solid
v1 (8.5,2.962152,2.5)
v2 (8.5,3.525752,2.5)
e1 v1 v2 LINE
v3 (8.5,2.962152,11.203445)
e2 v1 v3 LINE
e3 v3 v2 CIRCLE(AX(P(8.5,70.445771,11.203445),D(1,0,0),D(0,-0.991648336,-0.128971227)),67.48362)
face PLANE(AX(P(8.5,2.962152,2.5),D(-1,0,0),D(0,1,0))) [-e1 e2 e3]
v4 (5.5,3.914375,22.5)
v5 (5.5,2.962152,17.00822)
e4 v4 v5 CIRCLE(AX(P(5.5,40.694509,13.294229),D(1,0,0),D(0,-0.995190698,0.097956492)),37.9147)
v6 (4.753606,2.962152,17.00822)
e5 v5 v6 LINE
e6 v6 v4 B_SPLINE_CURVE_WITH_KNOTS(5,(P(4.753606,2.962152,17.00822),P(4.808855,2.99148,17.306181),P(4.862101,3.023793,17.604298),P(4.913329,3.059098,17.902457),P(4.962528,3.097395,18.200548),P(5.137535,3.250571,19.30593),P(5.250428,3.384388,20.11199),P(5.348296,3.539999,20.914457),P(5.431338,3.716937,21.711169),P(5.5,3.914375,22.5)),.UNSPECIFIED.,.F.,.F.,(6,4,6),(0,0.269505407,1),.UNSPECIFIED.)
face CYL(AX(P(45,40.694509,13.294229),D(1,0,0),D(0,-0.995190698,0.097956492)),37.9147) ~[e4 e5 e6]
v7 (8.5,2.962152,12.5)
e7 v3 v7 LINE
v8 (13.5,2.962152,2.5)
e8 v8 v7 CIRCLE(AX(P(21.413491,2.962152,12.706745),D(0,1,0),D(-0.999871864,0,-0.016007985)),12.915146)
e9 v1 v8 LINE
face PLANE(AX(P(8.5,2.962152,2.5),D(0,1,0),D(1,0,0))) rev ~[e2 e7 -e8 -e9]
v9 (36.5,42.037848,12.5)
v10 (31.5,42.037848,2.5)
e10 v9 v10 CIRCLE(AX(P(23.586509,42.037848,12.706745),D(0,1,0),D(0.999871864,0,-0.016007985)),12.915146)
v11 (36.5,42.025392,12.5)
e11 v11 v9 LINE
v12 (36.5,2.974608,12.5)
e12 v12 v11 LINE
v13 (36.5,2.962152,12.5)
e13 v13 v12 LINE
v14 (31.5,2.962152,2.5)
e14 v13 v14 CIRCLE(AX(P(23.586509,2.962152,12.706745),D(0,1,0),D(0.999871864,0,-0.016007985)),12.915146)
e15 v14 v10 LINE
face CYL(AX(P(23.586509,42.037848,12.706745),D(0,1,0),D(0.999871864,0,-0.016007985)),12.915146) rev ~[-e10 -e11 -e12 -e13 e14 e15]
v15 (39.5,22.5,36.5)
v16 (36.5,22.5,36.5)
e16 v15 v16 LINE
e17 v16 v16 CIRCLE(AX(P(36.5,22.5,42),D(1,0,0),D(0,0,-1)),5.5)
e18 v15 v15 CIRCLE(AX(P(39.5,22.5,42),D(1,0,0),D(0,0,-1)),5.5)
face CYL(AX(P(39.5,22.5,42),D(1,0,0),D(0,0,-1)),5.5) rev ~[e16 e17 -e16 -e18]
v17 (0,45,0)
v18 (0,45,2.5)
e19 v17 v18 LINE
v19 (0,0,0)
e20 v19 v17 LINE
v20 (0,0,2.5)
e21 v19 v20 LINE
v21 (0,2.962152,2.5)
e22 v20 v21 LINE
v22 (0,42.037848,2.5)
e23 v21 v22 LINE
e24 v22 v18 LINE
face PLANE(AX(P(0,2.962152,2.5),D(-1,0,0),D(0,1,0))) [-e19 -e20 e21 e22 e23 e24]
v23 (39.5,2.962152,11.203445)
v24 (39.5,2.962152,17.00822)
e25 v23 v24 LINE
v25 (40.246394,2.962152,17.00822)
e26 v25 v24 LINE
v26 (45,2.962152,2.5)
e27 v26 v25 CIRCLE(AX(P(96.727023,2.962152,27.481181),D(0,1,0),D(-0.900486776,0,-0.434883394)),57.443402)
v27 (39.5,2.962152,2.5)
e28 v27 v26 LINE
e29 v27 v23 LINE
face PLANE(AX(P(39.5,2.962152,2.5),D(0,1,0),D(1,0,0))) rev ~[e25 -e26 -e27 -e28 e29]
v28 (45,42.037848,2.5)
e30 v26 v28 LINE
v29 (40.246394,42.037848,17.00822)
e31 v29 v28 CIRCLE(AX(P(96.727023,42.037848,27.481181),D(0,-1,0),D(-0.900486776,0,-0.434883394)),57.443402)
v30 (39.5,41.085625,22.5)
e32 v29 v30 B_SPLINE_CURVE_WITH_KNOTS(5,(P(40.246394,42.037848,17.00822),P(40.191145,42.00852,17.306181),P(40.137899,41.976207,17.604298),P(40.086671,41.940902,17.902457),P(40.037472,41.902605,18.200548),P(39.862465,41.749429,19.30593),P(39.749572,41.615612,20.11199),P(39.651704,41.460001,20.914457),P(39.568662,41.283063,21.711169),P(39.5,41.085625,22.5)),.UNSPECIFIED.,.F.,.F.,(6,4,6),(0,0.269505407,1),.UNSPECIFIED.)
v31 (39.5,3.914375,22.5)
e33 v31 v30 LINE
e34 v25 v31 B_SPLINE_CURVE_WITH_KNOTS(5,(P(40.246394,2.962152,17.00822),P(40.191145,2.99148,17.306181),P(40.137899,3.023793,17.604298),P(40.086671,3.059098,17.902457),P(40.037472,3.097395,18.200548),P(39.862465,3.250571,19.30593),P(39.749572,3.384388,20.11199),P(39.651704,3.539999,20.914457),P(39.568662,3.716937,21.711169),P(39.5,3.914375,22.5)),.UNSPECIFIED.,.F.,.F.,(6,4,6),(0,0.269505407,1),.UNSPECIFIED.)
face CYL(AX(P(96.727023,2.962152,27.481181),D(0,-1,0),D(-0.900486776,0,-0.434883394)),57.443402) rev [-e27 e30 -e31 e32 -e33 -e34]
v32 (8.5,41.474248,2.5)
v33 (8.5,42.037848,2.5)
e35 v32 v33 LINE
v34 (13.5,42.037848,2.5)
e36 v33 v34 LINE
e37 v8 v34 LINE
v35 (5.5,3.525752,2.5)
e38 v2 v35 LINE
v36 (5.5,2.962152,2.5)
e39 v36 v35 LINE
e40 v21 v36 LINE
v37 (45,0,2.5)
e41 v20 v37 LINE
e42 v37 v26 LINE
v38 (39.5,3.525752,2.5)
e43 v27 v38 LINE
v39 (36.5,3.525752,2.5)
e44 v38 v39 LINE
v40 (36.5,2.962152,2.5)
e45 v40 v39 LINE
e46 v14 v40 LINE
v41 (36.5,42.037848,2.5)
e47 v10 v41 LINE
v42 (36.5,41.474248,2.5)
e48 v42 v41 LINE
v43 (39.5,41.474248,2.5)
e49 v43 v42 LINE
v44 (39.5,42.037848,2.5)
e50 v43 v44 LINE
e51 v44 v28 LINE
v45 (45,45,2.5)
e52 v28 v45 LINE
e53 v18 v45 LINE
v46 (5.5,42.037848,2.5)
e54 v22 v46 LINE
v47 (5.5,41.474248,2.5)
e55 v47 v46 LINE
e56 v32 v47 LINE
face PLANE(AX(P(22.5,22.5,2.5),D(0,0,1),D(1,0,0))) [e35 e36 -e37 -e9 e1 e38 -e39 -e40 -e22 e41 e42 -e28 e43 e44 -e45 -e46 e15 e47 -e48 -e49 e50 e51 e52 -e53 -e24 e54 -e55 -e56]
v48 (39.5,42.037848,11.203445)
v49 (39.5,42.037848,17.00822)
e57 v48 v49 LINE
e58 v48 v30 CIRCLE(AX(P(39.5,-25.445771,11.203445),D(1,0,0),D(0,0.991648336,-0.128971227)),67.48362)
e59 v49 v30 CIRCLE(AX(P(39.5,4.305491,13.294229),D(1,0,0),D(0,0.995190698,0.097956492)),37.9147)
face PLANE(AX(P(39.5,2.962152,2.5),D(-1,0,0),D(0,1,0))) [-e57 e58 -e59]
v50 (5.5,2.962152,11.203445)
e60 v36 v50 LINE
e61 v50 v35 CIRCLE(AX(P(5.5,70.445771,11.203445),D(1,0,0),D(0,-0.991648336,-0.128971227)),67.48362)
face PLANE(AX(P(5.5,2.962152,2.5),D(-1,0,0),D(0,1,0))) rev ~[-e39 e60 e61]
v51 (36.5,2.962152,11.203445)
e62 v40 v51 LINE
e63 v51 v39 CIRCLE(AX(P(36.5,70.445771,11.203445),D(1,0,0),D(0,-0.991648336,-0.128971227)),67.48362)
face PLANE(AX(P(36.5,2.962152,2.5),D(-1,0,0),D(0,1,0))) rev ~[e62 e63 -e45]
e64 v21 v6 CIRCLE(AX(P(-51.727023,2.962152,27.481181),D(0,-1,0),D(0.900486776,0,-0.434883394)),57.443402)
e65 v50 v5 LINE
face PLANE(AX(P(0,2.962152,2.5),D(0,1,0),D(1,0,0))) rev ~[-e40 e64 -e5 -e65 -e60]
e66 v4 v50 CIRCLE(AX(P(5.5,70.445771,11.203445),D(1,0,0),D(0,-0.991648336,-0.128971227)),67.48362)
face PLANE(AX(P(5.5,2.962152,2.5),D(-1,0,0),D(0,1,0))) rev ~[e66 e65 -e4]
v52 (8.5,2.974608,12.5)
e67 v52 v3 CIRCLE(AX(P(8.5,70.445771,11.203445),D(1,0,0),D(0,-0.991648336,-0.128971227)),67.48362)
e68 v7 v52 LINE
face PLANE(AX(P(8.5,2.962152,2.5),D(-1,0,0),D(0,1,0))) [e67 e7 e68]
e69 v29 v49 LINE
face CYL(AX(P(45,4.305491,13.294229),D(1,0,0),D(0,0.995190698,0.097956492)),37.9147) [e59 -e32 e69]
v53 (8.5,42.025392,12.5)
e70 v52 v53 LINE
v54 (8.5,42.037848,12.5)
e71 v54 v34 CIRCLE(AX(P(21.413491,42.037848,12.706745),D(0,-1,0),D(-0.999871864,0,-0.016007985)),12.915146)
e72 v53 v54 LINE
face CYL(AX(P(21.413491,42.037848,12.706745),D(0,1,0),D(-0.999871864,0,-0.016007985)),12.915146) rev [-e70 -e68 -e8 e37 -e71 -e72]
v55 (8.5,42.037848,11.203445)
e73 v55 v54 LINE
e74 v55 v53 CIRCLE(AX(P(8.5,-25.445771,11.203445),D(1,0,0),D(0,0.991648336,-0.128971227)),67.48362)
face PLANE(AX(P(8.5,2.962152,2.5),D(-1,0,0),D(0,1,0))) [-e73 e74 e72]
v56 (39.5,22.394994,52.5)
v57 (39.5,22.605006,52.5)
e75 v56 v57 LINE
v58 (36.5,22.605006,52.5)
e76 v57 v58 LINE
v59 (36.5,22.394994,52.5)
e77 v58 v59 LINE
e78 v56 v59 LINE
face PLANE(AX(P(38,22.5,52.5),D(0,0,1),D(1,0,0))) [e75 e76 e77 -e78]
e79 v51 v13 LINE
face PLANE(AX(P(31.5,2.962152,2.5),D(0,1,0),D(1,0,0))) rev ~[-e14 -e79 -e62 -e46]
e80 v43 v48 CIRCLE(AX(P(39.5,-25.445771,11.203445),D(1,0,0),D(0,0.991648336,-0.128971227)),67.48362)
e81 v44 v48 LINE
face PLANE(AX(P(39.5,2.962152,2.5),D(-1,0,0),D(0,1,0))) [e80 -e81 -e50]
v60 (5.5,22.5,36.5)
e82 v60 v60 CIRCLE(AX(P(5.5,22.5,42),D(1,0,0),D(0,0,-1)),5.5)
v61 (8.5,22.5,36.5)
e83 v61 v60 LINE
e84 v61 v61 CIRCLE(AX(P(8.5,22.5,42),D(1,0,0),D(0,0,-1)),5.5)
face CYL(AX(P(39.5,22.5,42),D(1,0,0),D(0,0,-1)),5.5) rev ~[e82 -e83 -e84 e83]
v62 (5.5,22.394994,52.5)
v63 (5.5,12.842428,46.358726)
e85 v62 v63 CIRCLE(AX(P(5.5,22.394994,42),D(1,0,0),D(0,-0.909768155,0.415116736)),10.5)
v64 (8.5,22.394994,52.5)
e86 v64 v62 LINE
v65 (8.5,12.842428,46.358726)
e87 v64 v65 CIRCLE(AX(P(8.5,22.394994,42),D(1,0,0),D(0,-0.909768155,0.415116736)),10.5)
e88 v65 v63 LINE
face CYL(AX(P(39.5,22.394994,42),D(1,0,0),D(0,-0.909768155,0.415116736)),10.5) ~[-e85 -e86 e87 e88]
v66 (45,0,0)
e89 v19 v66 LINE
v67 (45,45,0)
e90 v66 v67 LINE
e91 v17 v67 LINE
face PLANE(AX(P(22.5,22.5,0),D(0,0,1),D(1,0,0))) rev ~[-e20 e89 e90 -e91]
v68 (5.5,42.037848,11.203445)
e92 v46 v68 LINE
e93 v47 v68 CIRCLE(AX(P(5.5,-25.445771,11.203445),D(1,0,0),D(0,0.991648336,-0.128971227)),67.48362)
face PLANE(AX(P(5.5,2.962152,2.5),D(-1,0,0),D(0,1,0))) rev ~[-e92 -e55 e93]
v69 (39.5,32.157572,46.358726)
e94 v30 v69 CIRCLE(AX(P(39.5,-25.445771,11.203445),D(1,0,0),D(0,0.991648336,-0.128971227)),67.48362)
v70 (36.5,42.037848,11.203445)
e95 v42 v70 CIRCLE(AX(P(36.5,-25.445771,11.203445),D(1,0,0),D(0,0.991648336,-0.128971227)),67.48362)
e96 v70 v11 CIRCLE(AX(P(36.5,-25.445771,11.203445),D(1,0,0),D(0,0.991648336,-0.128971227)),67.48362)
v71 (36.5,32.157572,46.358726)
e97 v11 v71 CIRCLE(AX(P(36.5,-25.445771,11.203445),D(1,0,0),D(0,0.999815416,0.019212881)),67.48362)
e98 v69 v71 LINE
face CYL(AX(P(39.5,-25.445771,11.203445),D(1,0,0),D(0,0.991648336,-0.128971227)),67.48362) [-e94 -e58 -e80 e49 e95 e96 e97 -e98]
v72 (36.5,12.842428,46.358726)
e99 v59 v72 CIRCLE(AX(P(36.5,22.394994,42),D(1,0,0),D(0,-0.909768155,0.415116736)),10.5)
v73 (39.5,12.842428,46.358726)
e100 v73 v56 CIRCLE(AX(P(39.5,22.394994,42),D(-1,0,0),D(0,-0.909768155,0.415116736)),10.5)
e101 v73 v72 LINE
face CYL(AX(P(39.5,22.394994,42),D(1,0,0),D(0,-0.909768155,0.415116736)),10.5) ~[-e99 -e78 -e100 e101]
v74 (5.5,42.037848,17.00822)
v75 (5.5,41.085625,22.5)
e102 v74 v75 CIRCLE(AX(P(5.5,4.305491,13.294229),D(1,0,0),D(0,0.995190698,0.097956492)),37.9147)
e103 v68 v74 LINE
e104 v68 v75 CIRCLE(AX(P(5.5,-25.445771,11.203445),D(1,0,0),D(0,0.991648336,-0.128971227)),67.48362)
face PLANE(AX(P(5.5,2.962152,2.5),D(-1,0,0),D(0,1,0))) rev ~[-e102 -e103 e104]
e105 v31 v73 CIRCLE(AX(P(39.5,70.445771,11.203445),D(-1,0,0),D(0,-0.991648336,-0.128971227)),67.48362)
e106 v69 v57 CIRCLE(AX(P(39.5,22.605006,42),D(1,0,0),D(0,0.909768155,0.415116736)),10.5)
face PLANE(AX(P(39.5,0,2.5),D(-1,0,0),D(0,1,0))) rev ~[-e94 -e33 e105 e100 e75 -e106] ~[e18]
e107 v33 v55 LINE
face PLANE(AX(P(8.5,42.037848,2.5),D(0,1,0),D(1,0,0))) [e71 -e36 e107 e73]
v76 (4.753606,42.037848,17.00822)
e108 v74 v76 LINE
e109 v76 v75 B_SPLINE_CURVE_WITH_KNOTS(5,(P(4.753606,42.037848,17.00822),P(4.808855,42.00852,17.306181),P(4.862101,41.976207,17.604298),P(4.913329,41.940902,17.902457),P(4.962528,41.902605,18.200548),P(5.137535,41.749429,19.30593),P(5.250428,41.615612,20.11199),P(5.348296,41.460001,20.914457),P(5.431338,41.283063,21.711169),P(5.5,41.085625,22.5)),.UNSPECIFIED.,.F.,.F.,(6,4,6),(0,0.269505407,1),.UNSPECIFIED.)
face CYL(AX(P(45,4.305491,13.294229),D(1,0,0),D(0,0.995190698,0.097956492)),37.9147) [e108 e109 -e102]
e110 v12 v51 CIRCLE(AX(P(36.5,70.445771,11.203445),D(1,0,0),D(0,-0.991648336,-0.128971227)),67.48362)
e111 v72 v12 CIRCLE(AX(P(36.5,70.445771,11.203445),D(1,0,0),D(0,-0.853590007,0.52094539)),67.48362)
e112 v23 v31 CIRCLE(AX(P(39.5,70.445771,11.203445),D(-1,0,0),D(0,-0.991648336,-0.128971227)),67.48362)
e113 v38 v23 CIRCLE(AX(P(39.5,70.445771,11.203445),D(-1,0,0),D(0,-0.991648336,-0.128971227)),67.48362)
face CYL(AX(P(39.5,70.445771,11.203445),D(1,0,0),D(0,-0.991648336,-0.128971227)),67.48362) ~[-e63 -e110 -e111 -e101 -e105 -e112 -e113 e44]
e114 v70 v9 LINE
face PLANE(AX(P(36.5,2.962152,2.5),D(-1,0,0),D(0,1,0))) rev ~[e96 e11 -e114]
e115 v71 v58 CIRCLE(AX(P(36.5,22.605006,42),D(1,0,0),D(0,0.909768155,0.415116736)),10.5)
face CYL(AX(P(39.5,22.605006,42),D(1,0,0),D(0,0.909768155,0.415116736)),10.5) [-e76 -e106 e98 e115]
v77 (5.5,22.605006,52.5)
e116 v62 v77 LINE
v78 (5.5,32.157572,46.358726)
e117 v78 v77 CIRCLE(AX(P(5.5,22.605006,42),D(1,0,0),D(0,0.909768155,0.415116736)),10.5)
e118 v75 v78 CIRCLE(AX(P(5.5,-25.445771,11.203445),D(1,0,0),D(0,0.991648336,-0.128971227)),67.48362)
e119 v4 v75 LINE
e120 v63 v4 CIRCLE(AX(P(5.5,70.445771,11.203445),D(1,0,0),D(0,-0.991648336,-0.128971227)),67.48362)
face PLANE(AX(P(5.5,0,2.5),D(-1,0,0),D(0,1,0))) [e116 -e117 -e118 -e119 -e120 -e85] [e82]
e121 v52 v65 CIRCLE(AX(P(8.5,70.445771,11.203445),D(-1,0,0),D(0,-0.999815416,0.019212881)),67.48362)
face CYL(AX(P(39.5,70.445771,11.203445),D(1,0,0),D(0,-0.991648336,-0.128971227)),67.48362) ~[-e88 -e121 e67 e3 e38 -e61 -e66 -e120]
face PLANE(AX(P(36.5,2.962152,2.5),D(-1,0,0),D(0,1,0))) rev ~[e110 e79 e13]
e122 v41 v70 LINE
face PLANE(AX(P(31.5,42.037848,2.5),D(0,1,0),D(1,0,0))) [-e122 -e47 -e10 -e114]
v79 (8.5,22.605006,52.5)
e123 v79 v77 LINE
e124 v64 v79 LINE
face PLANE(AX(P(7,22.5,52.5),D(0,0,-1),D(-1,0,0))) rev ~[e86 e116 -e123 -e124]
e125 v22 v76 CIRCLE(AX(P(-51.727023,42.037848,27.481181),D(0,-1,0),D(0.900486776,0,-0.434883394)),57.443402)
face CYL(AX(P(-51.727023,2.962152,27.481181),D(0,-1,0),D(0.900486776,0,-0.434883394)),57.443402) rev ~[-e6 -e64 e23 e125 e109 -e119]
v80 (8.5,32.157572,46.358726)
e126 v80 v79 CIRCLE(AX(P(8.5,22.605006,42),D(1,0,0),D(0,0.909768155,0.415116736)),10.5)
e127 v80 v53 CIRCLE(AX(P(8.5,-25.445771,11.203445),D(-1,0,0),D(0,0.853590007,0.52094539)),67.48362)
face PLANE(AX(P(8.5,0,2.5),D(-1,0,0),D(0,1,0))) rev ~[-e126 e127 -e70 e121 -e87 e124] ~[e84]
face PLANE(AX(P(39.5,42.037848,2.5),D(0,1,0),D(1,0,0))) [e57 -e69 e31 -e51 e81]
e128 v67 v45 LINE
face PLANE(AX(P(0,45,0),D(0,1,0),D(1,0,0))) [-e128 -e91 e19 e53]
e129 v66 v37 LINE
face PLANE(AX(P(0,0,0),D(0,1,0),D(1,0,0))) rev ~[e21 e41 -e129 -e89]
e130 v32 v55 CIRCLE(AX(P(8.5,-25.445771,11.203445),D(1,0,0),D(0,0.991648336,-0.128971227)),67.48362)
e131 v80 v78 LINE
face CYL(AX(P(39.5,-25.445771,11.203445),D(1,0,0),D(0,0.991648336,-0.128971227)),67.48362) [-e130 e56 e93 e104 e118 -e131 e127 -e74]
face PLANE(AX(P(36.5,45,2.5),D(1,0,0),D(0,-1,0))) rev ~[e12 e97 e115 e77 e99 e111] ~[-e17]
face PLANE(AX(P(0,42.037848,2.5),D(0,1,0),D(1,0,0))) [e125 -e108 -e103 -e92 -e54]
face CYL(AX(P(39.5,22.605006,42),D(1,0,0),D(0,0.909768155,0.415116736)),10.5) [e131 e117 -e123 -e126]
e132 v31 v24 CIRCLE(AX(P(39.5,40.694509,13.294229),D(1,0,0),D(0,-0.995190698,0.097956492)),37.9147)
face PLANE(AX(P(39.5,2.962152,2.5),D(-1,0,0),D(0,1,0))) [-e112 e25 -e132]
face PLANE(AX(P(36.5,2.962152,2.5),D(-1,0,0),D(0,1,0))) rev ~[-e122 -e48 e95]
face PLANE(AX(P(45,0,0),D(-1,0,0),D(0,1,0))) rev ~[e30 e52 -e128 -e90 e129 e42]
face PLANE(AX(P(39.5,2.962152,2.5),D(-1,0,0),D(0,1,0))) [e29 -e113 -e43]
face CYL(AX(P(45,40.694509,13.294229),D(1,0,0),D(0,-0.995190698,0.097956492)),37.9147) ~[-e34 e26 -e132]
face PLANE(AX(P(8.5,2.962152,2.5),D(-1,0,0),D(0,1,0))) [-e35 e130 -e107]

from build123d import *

# Parameters (mm, degrees)
SKETCH_1_W          = 45
SKETCH_1_H          = 45
EXTRUDE_1_DEPTH     = 2.5
EXTRUDE_2_DEPTH     = 50
SKETCH_3_R          = 5.5
CUT_EXTRUDE_1_DEPTH = 40.5
CUT_EXTRUDE_2_DEPTH = 40.5
SKETCH_5_W          = 5
SKETCH_5_H          = 39.075696326
EXTRUDE_3_DEPTH     = 10
CUT_EXTRUDE_3_DEPTH = 43.037848163
SKETCH_7_W          = 5.5
SKETCH_7_H          = 39.075696326
EXTRUDE_4_DEPTH     = 20
CUT_EXTRUDE_4_DEPTH = 46
CUT_EXTRUDE_5_DEPTH = 43.037848163


with BuildPart() as part:
    # 草图1 → 凸台-拉伸1 (new body)
    with BuildSketch(Plane.XY):
        with Locations((22.5, 22.5)):
            Rectangle(SKETCH_1_W, SKETCH_1_H)
    extrude(amount=EXTRUDE_1_DEPTH)

    # 草图2 → 凸台-拉伸2 (add)
    with BuildSketch(Plane.XY.offset(2.5)):
        Polygon((36.5, 22.5), (36.5, 0), (39.5, 0), (39.5, 45), (36.5, 45), align=None)
        Polygon((8.5, 45), (8.5, 22.5), (8.5, 0), (5.5, 0), (5.5, 45), align=None)
    extrude(amount=EXTRUDE_2_DEPTH)

    # 草图3 → 切除-拉伸1 (cut, through all)
    with BuildSketch(Plane(origin=(39.5, 0, 0), x_dir=(0, 0, -1), z_dir=(1, 0, 0))):
        with Locations((-42, 22.5)):
            Circle(SKETCH_3_R)
    extrude(amount=-CUT_EXTRUDE_1_DEPTH, mode=Mode.SUBTRACT)

    # 草图4 → 切除-拉伸2 (cut, through all)
    with BuildSketch(Plane(origin=(39.5, 0, 0), x_dir=(0, 0, -1), z_dir=(1, 0, 0))):
        with BuildLine():
            Line((-2.5, 45), (-2.5, 41.474247654))
            ThreePointArc((-2.5, 41.474247654), (-25.225749209, 40.564939101), (-46.358725725, 32.157571933))
            ThreePointArc((-46.358725725, 32.157571933), (-50.832231318, 28.283182945), (-52.5, 22.605006306))
            Line((-52.5, 22.605006306), (-52.5, 45))
            Line((-52.5, 45), (-2.5, 45))
        make_face()
        with BuildLine():
            Line((-52.5, 22.394993694), (-52.5, 0))
            Line((-52.5, 0), (-2.5, 0))
            Line((-2.5, 0), (-2.5, 3.525752346))
            ThreePointArc((-2.5, 3.525752346), (-25.225749209, 4.435060899), (-46.358725725, 12.842428067))
            ThreePointArc((-46.358725725, 12.842428067), (-50.832231318, 16.716817055), (-52.5, 22.394993694))
        make_face()
    extrude(amount=-CUT_EXTRUDE_2_DEPTH, mode=Mode.SUBTRACT)

    # 草图5 → 凸台-拉伸3 (add)
    with BuildSketch(Plane.XY.offset(2.5)):
        with Locations((11, 22.5)):
            Rectangle(SKETCH_5_W, SKETCH_5_H)
        with Locations((34, 22.5)):
            Rectangle(SKETCH_5_W, SKETCH_5_H)
    extrude(amount=EXTRUDE_3_DEPTH)

    # 草图6 → 切除-拉伸3 (cut, through all)
    with BuildSketch(Plane(origin=(0, 42.037848163, 0), x_dir=(1, 0, 0), z_dir=(0, 1, 0))):
        with BuildLine():
            Line((13.5, -2.5), (13.5, -12.5))
            Line((13.5, -12.5), (8.5, -12.5))
            ThreePointArc((8.5, -12.5), (9.861833326, -6.930916663), (13.5, -2.5))
        make_face()
        with BuildLine():
            Line((31.5, -2.5), (31.5, -12.5))
            Line((31.5, -12.5), (36.5, -12.5))
            ThreePointArc((36.5, -12.5), (35.138166674, -6.930916663), (31.5, -2.5))
        make_face()
    extrude(amount=-CUT_EXTRUDE_3_DEPTH, mode=Mode.SUBTRACT)

    # 草图7 → 凸台-拉伸4 (add)
    with BuildSketch(Plane.XY.offset(2.5)):
        with Locations((2.75, 22.5)):
            Rectangle(SKETCH_7_W, SKETCH_7_H)
        with Locations((42.25, 22.5)):
            Rectangle(SKETCH_7_W, SKETCH_7_H)
    extrude(amount=EXTRUDE_4_DEPTH)

    # 草图8 → 切除-拉伸4 (cut, through all)
    with BuildSketch(Plane(origin=(45, 0, 0), x_dir=(0, 0, -1), z_dir=(1, 0, 0))):
        with BuildLine():
            Line((-22.5, 41.085625399), (-22.5, 42.037848163))
            Line((-22.5, 42.037848163), (-17.008220021, 42.037848163))
            ThreePointArc((-17.008220021, 42.037848163), (-19.771631621, 41.662789638), (-22.5, 41.085625399))
        make_face()
        with BuildLine():
            Line((-22.5, 3.914374601), (-22.5, 2.962151837))
            Line((-22.5, 2.962151837), (-17.008220021, 2.962151837))
            ThreePointArc((-17.008220021, 2.962151837), (-19.771631621, 3.337210362), (-22.5, 3.914374601))
        make_face()
    extrude(amount=-CUT_EXTRUDE_4_DEPTH, mode=Mode.SUBTRACT)

    # 草图9 → 切除-拉伸5 (cut, through all)
    with BuildSketch(Plane(origin=(0, 2.962151837, 0), x_dir=(-1, 0, 0), z_dir=(0, -1, 0))):
        with BuildLine():
            Line((-39.5, -22.5), (-45, -22.5))
            Line((-45, -22.5), (-45, -2.5))
            ThreePointArc((-45, -2.5), (-41.339785895, -12.249691121), (-39.5, -22.5))
        make_face()
        with BuildLine():
            Line((-5.5, -22.5), (0, -22.5))
            Line((0, -22.5), (0, -2.5))
            ThreePointArc((0, -2.5), (-3.660214105, -12.249691121), (-5.5, -22.5))
        make_face()
    extrude(amount=-CUT_EXTRUDE_5_DEPTH, mode=Mode.SUBTRACT)


solid = part.part
